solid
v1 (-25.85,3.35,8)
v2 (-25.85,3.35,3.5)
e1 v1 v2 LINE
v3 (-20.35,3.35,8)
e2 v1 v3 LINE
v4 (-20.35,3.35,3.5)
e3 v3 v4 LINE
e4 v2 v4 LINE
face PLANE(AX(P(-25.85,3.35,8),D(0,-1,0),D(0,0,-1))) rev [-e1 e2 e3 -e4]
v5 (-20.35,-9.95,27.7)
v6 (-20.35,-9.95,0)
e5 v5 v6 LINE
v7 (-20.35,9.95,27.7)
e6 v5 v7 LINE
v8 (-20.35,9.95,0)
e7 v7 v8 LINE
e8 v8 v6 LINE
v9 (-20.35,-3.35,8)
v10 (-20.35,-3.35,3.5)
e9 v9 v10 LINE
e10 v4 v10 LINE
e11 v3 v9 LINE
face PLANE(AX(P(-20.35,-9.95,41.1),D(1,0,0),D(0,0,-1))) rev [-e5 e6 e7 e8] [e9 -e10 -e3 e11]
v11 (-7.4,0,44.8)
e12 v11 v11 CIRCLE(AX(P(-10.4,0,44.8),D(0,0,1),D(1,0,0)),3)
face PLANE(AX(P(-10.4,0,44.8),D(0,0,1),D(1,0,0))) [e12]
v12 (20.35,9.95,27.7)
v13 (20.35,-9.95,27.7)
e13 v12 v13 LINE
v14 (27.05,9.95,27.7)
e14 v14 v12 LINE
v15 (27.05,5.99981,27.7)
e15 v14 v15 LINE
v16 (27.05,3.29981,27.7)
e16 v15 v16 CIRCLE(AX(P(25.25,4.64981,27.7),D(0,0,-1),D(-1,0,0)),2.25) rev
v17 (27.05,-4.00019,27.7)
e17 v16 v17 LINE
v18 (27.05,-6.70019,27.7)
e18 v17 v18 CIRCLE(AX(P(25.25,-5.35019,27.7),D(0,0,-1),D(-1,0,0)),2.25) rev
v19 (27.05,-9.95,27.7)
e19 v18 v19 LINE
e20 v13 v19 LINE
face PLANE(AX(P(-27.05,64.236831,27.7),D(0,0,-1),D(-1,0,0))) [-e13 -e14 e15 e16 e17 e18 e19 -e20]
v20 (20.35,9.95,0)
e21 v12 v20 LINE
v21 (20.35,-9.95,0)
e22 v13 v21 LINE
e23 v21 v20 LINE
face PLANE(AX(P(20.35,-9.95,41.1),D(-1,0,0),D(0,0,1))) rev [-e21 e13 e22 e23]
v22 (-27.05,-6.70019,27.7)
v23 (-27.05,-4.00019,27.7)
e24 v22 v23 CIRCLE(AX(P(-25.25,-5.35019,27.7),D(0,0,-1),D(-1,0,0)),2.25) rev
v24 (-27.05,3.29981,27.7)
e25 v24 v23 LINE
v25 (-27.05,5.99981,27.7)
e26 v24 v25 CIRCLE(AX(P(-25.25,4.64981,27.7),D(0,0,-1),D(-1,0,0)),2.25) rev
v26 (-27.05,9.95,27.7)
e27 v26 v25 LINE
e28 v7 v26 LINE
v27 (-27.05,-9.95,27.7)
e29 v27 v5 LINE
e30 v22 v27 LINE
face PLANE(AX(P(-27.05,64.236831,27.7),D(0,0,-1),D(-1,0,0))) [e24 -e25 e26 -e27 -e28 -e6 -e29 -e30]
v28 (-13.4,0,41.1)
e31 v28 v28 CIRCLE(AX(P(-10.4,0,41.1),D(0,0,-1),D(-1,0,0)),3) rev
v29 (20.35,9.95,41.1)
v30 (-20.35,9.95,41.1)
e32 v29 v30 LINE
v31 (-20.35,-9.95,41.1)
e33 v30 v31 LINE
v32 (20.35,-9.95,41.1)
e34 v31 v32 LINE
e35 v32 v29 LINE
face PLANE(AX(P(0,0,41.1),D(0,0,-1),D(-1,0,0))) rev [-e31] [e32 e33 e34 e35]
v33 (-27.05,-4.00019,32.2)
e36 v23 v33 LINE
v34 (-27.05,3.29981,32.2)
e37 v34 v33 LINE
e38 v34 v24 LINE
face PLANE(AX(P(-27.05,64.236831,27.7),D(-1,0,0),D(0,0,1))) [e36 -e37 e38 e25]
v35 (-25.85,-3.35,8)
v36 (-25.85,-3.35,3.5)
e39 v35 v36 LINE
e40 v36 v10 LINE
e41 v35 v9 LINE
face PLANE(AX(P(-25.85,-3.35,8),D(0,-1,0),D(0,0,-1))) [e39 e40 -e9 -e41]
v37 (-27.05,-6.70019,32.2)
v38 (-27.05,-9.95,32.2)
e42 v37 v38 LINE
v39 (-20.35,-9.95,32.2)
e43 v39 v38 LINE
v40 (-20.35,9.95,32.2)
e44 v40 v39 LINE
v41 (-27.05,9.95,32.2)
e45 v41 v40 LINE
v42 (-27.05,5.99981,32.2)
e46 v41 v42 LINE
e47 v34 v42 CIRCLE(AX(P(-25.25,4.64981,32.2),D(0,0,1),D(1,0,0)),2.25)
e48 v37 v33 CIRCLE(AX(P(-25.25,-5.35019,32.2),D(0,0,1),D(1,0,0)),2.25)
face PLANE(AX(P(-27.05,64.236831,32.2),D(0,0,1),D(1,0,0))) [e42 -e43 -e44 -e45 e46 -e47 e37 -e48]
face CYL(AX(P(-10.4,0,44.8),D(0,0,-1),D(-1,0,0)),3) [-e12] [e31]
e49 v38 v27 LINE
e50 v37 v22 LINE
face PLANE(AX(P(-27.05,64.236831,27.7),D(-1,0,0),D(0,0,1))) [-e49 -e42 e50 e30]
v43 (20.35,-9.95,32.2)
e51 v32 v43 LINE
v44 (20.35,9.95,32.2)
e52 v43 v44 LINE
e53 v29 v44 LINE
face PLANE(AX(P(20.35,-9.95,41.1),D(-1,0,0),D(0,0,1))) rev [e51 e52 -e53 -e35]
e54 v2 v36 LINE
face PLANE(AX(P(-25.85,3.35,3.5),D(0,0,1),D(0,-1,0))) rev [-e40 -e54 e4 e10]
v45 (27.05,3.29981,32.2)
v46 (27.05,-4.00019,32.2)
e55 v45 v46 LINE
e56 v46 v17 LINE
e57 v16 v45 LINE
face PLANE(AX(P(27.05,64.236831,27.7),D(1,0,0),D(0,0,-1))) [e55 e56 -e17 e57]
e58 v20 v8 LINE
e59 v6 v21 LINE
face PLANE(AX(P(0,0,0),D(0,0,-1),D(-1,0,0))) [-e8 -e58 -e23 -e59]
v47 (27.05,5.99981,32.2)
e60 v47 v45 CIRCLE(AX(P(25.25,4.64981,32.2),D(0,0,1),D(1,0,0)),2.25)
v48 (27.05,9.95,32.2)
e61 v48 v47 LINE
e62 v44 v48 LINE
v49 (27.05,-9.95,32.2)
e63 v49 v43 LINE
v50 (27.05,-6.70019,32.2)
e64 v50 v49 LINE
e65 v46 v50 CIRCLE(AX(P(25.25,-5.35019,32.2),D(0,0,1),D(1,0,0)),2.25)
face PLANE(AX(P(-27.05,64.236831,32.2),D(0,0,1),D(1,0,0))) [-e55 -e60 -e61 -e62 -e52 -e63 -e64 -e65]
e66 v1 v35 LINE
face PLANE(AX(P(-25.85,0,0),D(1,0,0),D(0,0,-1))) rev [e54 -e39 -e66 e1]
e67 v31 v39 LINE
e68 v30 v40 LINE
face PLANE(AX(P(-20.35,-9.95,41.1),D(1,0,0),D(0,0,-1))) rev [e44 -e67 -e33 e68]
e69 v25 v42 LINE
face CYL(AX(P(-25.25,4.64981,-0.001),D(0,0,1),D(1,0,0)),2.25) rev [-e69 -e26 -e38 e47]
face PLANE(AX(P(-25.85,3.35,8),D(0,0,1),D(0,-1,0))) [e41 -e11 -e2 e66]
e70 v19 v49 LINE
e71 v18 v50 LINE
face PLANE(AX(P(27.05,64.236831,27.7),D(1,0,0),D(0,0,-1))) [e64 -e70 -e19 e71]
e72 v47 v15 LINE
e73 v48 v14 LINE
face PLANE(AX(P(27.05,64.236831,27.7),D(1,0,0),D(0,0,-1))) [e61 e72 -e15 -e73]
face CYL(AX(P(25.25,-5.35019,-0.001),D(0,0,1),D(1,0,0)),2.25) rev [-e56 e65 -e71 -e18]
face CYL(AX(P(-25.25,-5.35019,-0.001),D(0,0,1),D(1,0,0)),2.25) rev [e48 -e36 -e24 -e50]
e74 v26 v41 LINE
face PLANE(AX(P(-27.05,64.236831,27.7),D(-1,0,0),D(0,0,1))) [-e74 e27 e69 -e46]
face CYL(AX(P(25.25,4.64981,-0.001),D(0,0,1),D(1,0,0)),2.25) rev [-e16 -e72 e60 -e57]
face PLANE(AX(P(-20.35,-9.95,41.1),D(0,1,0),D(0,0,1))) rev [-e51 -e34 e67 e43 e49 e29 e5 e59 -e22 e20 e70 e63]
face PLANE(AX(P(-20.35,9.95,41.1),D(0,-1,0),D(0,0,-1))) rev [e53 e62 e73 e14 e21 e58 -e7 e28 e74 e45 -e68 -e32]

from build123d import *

# Parameters (mm, degrees)
SKETCH1_W           = 40.7
SKETCH1_H           = 19.9
BOSS_EXTRUDE1_DEPTH = 41.1
SKETCH2_W           = 54.1
SKETCH2_H           = 4.5
BOSS_EXTRUDE2_DEPTH = 19.9
CUT_EXTRUDE1_REACH  = 34.2
SKETCH3_R           = 2.25
SKETCH4_R           = 3
BOSS_EXTRUDE3_DEPTH = 3.7
SKETCH6_W           = 4.5
SKETCH6_H           = 6.7
BOSS_EXTRUDE4_DEPTH = 5.5


with BuildPart() as part:
    # Sketch1 → Boss-Extrude1 (new body)
    with BuildSketch(Plane.XY):
        Rectangle(SKETCH1_W, SKETCH1_H)
    extrude(amount=BOSS_EXTRUDE1_DEPTH)

    # Sketch2 → Boss-Extrude2 (add)
    with BuildSketch(Plane.XZ.offset(9.95)):
        with Locations((0, 29.95)):
            Rectangle(SKETCH2_W, SKETCH2_H)
    extrude(amount=-BOSS_EXTRUDE2_DEPTH)

    # Sketch3 → Cut-Extrude1 (cut, up to next)
    with BuildSketch(Plane.XY.offset(32.2), mode=Mode.PRIVATE) as cut_extrude1_sk1:
        with Locations((-25.25, 4.649810013)):
            Circle(SKETCH3_R)
    cut_extrude1_tool1 = extrude(cut_extrude1_sk1.sketch, amount=-CUT_EXTRUDE1_REACH, mode=Mode.PRIVATE) & part.part
    add(cut_extrude1_tool1.solids().sort_by_distance((-25.25, 4.64981, 32.2))[0], mode=Mode.SUBTRACT)
    # Sketch3 → Cut-Extrude1 (cut, up to next)
    with BuildSketch(Plane.XY.offset(32.2), mode=Mode.PRIVATE) as cut_extrude1_sk2:
        with Locations((-25.25, -5.350189987)):
            Circle(SKETCH3_R)
    cut_extrude1_tool2 = extrude(cut_extrude1_sk2.sketch, amount=-CUT_EXTRUDE1_REACH, mode=Mode.PRIVATE) & part.part
    add(cut_extrude1_tool2.solids().sort_by_distance((-25.25, -5.35019, 32.2))[0], mode=Mode.SUBTRACT)
    # Sketch3 → Cut-Extrude1 (cut, up to next)
    with BuildSketch(Plane.XY.offset(32.2), mode=Mode.PRIVATE) as cut_extrude1_sk3:
        with Locations((25.25, 4.649810013)):
            Circle(SKETCH3_R)
    cut_extrude1_tool3 = extrude(cut_extrude1_sk3.sketch, amount=-CUT_EXTRUDE1_REACH, mode=Mode.PRIVATE) & part.part
    add(cut_extrude1_tool3.solids().sort_by_distance((25.25, 4.64981, 32.2))[0], mode=Mode.SUBTRACT)
    # Sketch3 → Cut-Extrude1 (cut, up to next)
    with BuildSketch(Plane.XY.offset(32.2), mode=Mode.PRIVATE) as cut_extrude1_sk4:
        with Locations((25.25, -5.350189987)):
            Circle(SKETCH3_R)
    cut_extrude1_tool4 = extrude(cut_extrude1_sk4.sketch, amount=-CUT_EXTRUDE1_REACH, mode=Mode.PRIVATE) & part.part
    add(cut_extrude1_tool4.solids().sort_by_distance((25.25, -5.35019, 32.2))[0], mode=Mode.SUBTRACT)

    # Sketch4 → Boss-Extrude3 (add)
    with BuildSketch(Plane.XY.offset(41.1)):
        with Locations((-10.4, 0)):
            Circle(SKETCH4_R)
    extrude(amount=BOSS_EXTRUDE3_DEPTH)

    # Sketch6 → Boss-Extrude4 (add)
    with BuildSketch(Plane.ZY.offset(20.35)):
        with Locations((5.75, 0)):
            Rectangle(SKETCH6_W, SKETCH6_H)
    extrude(amount=BOSS_EXTRUDE4_DEPTH)


solid = part.part
